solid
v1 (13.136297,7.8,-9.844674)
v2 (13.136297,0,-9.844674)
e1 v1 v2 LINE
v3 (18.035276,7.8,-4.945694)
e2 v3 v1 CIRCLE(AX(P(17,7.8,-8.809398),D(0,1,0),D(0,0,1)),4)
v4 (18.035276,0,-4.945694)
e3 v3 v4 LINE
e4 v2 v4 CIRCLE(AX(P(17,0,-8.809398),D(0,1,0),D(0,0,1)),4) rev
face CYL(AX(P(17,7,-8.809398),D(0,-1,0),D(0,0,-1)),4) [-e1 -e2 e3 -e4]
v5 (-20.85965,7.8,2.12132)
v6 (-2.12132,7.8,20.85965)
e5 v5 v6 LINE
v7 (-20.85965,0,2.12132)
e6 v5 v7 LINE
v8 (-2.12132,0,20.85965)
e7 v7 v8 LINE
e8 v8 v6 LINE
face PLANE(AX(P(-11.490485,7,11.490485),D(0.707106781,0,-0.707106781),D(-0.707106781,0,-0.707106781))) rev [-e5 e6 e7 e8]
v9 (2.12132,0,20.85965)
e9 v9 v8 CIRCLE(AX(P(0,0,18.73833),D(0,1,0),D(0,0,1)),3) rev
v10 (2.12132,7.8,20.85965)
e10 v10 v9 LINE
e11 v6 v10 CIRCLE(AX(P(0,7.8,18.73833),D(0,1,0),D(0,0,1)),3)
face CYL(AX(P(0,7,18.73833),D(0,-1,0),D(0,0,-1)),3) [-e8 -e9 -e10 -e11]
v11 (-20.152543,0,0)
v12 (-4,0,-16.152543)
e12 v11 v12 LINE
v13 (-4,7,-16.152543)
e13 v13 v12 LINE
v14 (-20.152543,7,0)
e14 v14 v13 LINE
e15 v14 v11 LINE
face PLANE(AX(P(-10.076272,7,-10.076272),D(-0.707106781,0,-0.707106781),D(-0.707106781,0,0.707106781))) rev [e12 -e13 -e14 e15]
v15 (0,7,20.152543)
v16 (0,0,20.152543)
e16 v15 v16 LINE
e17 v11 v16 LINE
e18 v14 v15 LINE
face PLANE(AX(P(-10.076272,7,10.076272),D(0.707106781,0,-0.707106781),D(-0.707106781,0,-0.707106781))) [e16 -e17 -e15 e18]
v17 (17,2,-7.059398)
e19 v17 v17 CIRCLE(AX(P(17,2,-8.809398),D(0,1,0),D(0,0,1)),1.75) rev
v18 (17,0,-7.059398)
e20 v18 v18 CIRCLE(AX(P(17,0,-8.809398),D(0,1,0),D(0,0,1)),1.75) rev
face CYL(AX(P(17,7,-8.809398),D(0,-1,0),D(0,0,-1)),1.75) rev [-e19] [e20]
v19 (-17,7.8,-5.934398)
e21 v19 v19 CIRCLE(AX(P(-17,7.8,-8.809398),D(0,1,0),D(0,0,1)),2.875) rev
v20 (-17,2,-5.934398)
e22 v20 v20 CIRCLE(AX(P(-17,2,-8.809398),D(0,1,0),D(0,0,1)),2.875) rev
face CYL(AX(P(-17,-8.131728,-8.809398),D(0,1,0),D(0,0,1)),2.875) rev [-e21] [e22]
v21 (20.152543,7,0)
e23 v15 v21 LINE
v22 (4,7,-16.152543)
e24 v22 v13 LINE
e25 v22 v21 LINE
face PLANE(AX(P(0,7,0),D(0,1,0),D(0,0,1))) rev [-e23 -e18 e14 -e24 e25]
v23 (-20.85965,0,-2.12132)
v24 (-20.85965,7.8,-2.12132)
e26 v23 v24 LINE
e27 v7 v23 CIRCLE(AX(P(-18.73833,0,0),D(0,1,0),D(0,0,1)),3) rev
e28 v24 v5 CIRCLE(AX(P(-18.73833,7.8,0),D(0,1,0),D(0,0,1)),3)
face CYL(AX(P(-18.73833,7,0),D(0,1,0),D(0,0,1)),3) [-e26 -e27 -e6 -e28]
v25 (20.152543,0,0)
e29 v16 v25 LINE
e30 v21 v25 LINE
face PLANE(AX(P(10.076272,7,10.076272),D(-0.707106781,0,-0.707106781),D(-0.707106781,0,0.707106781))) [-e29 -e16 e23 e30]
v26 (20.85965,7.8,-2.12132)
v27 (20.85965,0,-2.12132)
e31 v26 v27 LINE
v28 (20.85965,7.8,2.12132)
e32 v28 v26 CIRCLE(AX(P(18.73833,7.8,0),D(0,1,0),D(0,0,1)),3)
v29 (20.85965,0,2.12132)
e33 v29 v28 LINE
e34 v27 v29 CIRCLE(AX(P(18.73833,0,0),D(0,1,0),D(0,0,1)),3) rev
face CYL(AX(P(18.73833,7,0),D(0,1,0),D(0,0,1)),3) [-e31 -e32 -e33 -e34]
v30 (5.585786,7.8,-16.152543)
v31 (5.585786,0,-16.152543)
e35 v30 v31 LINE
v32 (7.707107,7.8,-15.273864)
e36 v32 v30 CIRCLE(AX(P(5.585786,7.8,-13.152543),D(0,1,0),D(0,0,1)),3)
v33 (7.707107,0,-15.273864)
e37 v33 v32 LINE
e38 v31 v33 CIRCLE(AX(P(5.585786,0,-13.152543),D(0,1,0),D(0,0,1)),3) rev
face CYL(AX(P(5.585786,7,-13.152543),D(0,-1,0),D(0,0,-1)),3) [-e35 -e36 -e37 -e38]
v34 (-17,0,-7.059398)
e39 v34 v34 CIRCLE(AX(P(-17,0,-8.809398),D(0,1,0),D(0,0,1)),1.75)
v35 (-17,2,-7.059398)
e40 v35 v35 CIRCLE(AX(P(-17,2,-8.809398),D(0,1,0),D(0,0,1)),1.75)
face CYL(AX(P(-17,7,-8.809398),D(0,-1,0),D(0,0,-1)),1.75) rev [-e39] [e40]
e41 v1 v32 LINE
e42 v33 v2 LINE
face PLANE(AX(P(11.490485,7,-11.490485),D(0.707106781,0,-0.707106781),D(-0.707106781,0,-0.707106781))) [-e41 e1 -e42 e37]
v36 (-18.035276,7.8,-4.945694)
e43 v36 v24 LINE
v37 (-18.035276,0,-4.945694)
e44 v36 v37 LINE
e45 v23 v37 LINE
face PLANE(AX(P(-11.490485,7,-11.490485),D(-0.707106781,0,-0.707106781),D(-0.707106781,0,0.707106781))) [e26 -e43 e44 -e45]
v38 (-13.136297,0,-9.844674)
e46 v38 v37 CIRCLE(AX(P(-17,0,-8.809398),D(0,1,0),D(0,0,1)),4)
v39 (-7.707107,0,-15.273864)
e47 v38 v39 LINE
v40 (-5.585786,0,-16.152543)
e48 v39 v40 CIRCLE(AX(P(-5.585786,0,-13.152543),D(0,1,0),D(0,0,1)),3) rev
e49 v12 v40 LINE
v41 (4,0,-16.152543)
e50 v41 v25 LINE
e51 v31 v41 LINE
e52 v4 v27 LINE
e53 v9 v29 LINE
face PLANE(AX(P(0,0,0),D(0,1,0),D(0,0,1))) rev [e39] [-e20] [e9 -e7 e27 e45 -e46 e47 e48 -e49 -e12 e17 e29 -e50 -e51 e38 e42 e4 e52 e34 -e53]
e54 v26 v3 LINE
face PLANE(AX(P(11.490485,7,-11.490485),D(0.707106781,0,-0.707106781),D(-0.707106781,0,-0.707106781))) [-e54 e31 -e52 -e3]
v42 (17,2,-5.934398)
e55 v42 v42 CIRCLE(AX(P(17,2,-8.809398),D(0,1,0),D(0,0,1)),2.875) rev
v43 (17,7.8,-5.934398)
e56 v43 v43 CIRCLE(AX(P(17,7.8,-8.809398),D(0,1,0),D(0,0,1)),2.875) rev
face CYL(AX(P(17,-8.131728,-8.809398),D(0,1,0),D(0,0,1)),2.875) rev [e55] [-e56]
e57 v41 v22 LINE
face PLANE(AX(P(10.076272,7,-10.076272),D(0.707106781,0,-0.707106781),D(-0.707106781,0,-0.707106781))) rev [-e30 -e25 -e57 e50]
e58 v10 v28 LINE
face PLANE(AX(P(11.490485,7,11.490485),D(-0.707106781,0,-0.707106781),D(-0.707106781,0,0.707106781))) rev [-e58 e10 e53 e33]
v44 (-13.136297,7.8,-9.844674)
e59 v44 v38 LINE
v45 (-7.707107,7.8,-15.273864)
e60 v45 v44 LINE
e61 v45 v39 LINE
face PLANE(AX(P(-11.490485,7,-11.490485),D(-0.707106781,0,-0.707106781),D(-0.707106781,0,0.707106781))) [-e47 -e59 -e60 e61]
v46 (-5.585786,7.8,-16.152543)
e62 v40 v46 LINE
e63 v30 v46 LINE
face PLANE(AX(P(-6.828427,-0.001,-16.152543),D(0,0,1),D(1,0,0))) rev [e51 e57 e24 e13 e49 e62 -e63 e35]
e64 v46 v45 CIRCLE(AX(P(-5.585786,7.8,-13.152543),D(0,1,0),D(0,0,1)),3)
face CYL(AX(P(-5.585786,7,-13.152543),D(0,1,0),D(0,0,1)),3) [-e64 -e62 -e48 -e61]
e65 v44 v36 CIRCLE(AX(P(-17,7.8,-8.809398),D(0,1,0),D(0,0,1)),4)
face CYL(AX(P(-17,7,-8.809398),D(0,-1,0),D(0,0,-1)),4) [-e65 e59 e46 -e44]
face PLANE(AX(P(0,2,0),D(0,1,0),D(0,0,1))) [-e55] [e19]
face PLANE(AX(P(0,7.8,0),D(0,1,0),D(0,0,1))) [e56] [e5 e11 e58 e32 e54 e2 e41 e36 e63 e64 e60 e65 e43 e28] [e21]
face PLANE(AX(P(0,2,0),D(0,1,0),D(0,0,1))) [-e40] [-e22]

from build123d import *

# Parameters (mm, degrees)
SKETCH1_R           = 4
SKETCH1_R_2         = 1.75
BOSS_EXTRUDE1_DEPTH = 7
SKETCH2_R           = 2.875
CUT_EXTRUDE1_DEPTH  = 5
CUT_EXTRUDE3_REACH  = 35.245
SKETCH4_W           = 13.65685425
SKETCH4_H           = 6.828427125
SKETCH5_R           = 2.875
BOSS_EXTRUDE2_DEPTH = 0.8
FILLET1_R           = 3


with BuildPart() as part:
    # Sketch1 → Boss-Extrude1 (new body)
    # profile 1 of 3: a face of its own
    with BuildSketch(Plane(origin=(0, 0, 0), x_dir=(1, 0, 0), z_dir=(0, 1, 0))):
        with Locations((-17, 8.809397513)):
            Circle(SKETCH1_R)
        with Locations(Location((-17, 8.809397513, 0), (0, 0, 270))):
            Circle(SKETCH1_R_2, mode=Mode.SUBTRACT)
    # profile 2 of 3: a face of its own
    with BuildSketch(Plane(origin=(0, 0, 0), x_dir=(1, 0, 0), z_dir=(0, 1, 0))):
        with Locations((17, 8.809397513)):
            Circle(SKETCH1_R)
        with Locations(Location((17, 8.809397513, 0), (0, 0, 270))):
            Circle(SKETCH1_R_2, mode=Mode.SUBTRACT)
    # profile 3 of 3: a face of its own
    with BuildSketch(Plane(origin=(0, 0, 0), x_dir=(1, 0, 0), z_dir=(0, 1, 0))):
        Polygon((-22.980970389, 0), (0, -22.980970389), (22.980970389, 0), (0, 22.980970389), align=None)
        Polygon((-20.152543264, 0), (0, -20.152543264), (20.152543264, 0), (0, 20.152543264), align=None, mode=Mode.SUBTRACT)
    extrude(amount=BOSS_EXTRUDE1_DEPTH)

    # Sketch2 → Cut-Extrude1 (cut)
    with BuildSketch(Plane(origin=(0, 7, 0), x_dir=(1, 0, 0), z_dir=(0, 1, 0))):
        with Locations(Location((-17, 8.809397513, 0), (0, 0, 270))):
            Circle(SKETCH2_R)
        with Locations(Location((17, 8.809397513, 0), (0, 0, 270))):
            Circle(SKETCH2_R)
    extrude(amount=-CUT_EXTRUDE1_DEPTH, mode=Mode.SUBTRACT)

    # Sketch4 → Cut-Extrude3 (cut, up to next)
    with BuildSketch(Plane(origin=(0, 7, 0), x_dir=(1, 0, 0), z_dir=(0, 1, 0)), mode=Mode.PRIVATE) as cut_extrude3_sk1:
        with Locations((0, 19.566756827)):
            Rectangle(SKETCH4_W, SKETCH4_H)
    cut_extrude3_tool1 = extrude(cut_extrude3_sk1.sketch, amount=-CUT_EXTRUDE3_REACH, mode=Mode.PRIVATE) & part.part
    add(cut_extrude3_tool1.solids().sort_by_distance((0, 7, -19.566757))[0], mode=Mode.SUBTRACT)

    # Sketch5 → Boss-Extrude2 (add)
    # profile 1 of 2: a face of its own
    with BuildSketch(Plane(origin=(0, 7, 0), x_dir=(1, 0, 0), z_dir=(0, 1, 0))):
        with BuildLine():
            Line((13.136296695, 9.844673694), (6.828427125, 16.152543264))
            Line((6.828427125, 16.152543264), (4, 16.152543264))
            Line((4, 16.152543264), (20.152543264, 0))
            Line((20.152543264, 0), (0, -20.152543264))
            Line((0, -20.152543264), (-20.152543264, 0))
            Line((-20.152543264, 0), (-4, 16.152543264))
            Line((-4, 16.152543264), (-6.828427125, 16.152543264))
            Line((-6.828427125, 16.152543264), (-13.136296695, 9.844673694))
            ThreePointArc((-13.136296695, 9.844673694), (-19.828427125, 11.637824638), (-18.03527618, 4.945694208))
            Line((-18.03527618, 4.945694208), (-22.980970389, 0))
            Line((-22.980970389, 0), (0, -22.980970389))
            Line((0, -22.980970389), (22.980970389, 0))
            Line((22.980970389, 0), (18.03527618, 4.945694208))
            ThreePointArc((18.03527618, 4.945694208), (19.828427125, 11.637824638), (13.136296695, 9.844673694))
        make_face()
        with Locations(Location((17, 8.809397513, 0), (0, 0, 270))):
            Circle(SKETCH5_R, mode=Mode.SUBTRACT)
        with Locations(Location((-17, 8.809397513, 0), (0, 0, 270))):
            Circle(SKETCH5_R, mode=Mode.SUBTRACT)
    # profile 2 of 2: a face of its own
    with BuildSketch(Plane(origin=(0, 7, 0), x_dir=(1, 0, 0), z_dir=(0, 1, 0))):
        Polygon((-4, 16.152543264), (4, 16.152543264), (20.152543264, 0), (0, -20.152543264), (-20.152543264, 0), align=None)
    extrude(amount=BOSS_EXTRUDE2_DEPTH)

    # Fillet1
    fillet1_edges = [part.edges().sort_by_distance(p)[0] for p in [
        (22.980970389, 3.9, 0),
        (0, 3.9, 22.980970389),
        (-22.980970389, 3.9, 0),
        (6.828427125, 3.9, -16.152543264),
        (-6.828427125, 3.9, -16.152543264),
    ]]
    fillet(fillet1_edges, radius=FILLET1_R)


solid = part.part
